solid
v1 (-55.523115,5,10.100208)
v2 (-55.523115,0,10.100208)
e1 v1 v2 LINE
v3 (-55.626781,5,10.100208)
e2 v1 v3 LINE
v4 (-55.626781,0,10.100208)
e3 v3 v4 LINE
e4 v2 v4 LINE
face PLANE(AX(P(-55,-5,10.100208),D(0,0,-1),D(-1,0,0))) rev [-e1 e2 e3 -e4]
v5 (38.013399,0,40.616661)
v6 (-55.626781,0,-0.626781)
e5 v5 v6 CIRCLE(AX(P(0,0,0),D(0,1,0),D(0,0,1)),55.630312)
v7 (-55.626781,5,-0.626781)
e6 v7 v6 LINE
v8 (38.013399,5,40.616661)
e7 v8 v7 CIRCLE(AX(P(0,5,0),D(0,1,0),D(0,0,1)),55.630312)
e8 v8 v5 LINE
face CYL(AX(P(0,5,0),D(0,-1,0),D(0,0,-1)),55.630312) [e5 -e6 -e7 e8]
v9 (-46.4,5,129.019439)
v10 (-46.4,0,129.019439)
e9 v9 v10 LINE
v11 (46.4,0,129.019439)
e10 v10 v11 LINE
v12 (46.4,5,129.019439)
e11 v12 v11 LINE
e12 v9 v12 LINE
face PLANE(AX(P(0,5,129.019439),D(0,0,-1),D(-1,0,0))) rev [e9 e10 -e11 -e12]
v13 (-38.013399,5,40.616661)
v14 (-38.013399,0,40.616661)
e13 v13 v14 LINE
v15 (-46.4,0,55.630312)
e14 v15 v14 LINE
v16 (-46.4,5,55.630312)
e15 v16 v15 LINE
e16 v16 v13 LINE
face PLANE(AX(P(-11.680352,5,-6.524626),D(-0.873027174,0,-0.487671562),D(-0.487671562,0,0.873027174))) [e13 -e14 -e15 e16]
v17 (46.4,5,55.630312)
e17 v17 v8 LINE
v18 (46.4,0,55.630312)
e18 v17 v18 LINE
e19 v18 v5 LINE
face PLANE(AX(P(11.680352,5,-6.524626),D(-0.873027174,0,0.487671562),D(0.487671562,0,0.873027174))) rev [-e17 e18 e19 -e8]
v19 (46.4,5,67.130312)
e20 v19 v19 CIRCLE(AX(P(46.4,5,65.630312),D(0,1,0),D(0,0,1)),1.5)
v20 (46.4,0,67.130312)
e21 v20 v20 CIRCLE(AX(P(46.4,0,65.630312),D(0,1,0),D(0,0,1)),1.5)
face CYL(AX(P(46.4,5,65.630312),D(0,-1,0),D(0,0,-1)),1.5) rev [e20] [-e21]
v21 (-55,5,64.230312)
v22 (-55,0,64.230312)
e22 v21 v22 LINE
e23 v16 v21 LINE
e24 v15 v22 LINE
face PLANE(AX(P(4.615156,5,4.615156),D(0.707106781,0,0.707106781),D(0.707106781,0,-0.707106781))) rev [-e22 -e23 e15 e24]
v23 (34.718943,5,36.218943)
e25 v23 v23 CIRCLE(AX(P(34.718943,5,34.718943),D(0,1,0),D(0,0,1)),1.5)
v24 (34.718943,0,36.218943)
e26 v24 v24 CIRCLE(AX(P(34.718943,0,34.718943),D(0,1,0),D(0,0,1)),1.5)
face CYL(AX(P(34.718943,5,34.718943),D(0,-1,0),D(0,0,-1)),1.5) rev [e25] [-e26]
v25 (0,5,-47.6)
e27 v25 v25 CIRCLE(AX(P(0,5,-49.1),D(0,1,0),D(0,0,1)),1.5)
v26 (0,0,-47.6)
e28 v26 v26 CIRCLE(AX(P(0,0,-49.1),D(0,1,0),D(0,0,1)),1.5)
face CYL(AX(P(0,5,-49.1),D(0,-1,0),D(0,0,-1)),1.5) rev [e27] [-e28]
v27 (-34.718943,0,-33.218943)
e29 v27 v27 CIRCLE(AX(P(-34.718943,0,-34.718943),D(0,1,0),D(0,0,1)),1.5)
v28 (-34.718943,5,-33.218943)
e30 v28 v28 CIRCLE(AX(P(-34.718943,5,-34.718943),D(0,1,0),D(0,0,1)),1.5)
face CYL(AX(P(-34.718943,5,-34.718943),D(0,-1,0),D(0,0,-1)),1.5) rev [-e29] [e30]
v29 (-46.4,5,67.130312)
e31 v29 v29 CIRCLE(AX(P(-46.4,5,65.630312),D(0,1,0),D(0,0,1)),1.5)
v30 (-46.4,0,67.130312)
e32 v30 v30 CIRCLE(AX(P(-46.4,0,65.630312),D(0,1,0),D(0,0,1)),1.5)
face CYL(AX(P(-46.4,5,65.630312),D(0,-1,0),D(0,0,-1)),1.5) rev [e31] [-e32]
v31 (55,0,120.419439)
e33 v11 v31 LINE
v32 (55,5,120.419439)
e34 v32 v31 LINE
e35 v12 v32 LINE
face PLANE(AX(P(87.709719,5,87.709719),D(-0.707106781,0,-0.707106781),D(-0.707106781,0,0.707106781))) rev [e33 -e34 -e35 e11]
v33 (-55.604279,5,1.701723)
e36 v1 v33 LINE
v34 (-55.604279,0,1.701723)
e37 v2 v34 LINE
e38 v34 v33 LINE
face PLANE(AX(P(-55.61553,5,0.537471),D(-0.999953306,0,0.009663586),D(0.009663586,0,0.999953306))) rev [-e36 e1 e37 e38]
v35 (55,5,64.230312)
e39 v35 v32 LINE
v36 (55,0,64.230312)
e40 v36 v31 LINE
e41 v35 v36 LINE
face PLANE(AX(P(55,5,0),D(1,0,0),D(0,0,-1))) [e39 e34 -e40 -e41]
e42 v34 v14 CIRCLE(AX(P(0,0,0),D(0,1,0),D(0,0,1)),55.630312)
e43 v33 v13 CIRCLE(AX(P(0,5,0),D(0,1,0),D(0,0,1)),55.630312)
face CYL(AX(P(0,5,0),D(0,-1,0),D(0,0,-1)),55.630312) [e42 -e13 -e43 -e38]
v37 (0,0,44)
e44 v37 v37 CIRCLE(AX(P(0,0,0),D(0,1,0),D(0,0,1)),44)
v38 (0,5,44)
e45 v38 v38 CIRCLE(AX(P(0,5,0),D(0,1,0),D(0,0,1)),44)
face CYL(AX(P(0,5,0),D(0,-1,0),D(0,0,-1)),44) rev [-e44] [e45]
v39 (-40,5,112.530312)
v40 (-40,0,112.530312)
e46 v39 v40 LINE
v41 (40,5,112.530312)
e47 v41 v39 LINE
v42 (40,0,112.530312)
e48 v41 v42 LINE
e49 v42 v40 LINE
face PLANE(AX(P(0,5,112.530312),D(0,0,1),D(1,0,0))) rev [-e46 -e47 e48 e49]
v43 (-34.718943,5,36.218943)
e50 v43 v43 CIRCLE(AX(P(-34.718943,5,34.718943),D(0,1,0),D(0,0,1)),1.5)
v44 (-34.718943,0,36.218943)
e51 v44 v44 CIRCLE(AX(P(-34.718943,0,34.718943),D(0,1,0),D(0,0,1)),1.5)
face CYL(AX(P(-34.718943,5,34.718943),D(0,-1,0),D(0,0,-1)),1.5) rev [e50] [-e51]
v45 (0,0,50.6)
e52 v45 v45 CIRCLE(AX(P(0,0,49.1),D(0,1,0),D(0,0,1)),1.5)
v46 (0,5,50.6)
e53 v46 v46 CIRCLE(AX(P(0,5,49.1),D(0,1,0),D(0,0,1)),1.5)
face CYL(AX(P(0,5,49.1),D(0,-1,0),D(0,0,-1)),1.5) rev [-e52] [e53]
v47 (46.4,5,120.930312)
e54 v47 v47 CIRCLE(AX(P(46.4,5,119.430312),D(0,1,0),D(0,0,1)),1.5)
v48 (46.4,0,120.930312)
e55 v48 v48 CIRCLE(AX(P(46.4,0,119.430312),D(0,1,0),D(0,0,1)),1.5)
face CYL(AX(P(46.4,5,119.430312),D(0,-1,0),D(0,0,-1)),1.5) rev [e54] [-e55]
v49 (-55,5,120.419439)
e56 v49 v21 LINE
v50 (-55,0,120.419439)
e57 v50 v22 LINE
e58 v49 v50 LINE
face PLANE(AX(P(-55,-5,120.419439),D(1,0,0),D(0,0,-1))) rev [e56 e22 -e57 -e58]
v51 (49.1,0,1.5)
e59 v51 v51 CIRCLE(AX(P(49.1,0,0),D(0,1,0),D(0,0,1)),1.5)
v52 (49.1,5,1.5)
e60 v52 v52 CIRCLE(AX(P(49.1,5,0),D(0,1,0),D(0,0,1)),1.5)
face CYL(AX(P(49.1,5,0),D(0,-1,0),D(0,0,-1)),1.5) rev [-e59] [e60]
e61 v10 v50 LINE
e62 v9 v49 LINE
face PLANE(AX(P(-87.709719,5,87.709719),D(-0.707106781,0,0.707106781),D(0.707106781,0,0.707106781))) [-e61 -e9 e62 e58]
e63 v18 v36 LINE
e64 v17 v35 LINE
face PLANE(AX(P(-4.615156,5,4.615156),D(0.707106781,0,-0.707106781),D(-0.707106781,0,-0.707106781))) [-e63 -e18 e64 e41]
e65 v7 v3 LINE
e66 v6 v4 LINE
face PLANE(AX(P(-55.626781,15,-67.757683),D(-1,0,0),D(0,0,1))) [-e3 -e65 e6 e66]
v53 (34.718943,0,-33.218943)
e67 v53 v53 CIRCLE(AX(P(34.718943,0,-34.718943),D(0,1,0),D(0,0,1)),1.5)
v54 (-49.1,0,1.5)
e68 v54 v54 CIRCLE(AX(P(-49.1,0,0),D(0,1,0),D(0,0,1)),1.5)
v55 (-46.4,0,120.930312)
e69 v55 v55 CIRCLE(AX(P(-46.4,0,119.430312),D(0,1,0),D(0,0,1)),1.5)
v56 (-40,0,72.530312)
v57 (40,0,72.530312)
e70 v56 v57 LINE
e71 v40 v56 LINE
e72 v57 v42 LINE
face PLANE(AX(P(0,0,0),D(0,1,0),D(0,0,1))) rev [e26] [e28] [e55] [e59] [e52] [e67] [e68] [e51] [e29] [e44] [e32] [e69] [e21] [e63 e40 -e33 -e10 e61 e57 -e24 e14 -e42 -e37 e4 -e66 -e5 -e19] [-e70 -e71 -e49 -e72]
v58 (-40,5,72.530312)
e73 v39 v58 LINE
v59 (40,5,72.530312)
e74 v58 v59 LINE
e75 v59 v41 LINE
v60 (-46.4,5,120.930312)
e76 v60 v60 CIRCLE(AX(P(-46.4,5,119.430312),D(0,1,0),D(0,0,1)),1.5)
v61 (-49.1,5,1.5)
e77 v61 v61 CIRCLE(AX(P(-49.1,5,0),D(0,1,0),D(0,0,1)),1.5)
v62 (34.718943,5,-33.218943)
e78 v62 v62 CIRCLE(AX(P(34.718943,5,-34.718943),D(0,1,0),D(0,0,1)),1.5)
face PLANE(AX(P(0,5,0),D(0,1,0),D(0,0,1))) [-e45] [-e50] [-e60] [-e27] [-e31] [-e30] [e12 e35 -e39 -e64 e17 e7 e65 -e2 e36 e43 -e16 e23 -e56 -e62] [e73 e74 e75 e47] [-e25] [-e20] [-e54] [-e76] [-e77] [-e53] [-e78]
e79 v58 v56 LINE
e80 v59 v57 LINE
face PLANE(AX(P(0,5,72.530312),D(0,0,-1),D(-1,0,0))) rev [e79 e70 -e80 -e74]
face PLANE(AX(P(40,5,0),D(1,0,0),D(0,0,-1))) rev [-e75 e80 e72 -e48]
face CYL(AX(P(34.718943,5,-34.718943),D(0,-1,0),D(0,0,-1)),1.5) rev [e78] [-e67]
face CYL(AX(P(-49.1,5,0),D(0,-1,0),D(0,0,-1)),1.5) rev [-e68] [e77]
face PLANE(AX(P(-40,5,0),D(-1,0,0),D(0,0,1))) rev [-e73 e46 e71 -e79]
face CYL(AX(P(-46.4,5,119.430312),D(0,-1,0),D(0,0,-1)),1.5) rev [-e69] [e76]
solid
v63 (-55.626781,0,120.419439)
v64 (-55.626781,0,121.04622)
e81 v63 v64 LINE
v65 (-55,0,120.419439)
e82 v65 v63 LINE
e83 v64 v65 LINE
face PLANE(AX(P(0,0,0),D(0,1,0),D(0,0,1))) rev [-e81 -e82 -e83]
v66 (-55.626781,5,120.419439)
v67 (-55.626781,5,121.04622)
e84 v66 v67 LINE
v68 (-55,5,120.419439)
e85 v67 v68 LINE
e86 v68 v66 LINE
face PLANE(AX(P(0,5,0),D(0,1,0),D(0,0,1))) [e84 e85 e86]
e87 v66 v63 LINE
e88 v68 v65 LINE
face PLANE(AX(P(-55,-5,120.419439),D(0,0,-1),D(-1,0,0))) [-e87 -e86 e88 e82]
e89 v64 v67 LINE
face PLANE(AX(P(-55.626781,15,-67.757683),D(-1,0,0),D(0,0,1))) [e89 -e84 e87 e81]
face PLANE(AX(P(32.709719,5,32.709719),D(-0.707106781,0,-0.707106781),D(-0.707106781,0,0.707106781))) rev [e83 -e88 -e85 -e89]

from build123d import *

# Parameters (mm, degrees)
SKETCH_1_R               = 1.5
SKETCH_1_W               = 80
SKETCH_1_H               = 40
SKETCH_1_R_2             = 44
EXTRUDE_1_DEPTH          = 5
SKETCH_3_R               = 1.5
EXTRUDE_2_DEPTH          = 5
SKETCH_3_5_R             = 30
SKETCH_3_5_R_2           = 25
EXTRUDE_3_DEPTH          = 15
CUT_EXTRUDE_1_DEPTH      = 10
CUT_EXTRUDE_1_DEPTH_BACK = 10
SKETCH_4_W               = 124.485015382
SKETCH_4_H               = 203.768364002
SKETCH_5_W               = 73.623406186
SKETCH_5_H               = 110.319230846
CUT_EXTRUDE_2_DEPTH      = 10


with BuildPart() as part:
    # 草图1 → 凸台-拉伸1 (new body)
    with BuildSketch(Plane(origin=(0, 0, 0), x_dir=(1, 0, 0), z_dir=(0, 1, 0))):
        with BuildLine():
            Line((55, -64.230312435), (46.4, -55.630312435))
            Line((46.4, -55.630312435), (38.013398823, -40.616661254))
            ThreePointArc((38.013398823, -40.616661254), (0, 55.630312435), (-38.013398823, -40.616661254))
            Line((-38.013398823, -40.616661254), (-46.4, -55.630312435))
            Line((-46.4, -55.630312435), (-55, -64.230312435))
            Line((-55, -64.230312435), (-55, -120.419438856))
            Line((-55, -120.419438856), (-46.4, -129.019438856))
            Line((-46.4, -129.019438856), (46.4, -129.019438856))
            Line((46.4, -129.019438856), (55, -120.419438856))
            Line((55, -120.419438856), (55, -64.230312435))
        make_face()
        with Locations((-46.4, -65.630312435)):
            Circle(SKETCH_1_R, mode=Mode.SUBTRACT)
        with Locations((-46.4, -119.430312435)):
            Circle(SKETCH_1_R, mode=Mode.SUBTRACT)
        with Locations((46.4, -119.430312435)):
            Circle(SKETCH_1_R, mode=Mode.SUBTRACT)
        with Locations((46.4, -65.630312435)):
            Circle(SKETCH_1_R, mode=Mode.SUBTRACT)
        with Locations((0, -92.530312435)):
            Rectangle(SKETCH_1_W, SKETCH_1_H, mode=Mode.SUBTRACT)
        with Locations((34.718942956, 34.718942956)):
            Circle(SKETCH_1_R, mode=Mode.SUBTRACT)
        with Locations((0, -49.1)):
            Circle(SKETCH_1_R, mode=Mode.SUBTRACT)
        with Locations((-34.718942956, -34.718942956)):
            Circle(SKETCH_1_R, mode=Mode.SUBTRACT)
        with Locations((-49.1, 0)):
            Circle(SKETCH_1_R, mode=Mode.SUBTRACT)
        with Locations((-34.718942956, 34.718942956)):
            Circle(SKETCH_1_R, mode=Mode.SUBTRACT)
        Circle(SKETCH_1_R_2, mode=Mode.SUBTRACT)
        with Locations((34.718942956, -34.718942956)):
            Circle(SKETCH_1_R, mode=Mode.SUBTRACT)
        with Locations((49.1, 0)):
            Circle(SKETCH_1_R, mode=Mode.SUBTRACT)
        with Locations((0, 49.1)):
            Circle(SKETCH_1_R, mode=Mode.SUBTRACT)
    extrude(amount=EXTRUDE_1_DEPTH)

    # 草图3 → 凸台-拉伸2 (add)
    with BuildSketch(Plane(origin=(0, 0, 0), x_dir=(1, 0, 0), z_dir=(0, 1, 0))):
        Polygon((-55, -120.419438856), (-55, -64.230312435), (-55.62678138, 0.62678138), (-55.62678138, 59.784464423), (-63.6, 67.757683044), (-123.6, 67.757683044), (-132.2, 59.157683044), (-132.2, -120.419438856), (-123.6, -129.019438856), (-63.6, -129.019438856), align=None)
        with Locations((-123.6, -120.419438856)):
            Circle(SKETCH_3_R, mode=Mode.SUBTRACT)
        with Locations((-63.6, -120.419438856)):
            Circle(SKETCH_3_R, mode=Mode.SUBTRACT)
        with Locations((-123.6, 59.157683044)):
            Circle(SKETCH_3_R, mode=Mode.SUBTRACT)
        with Locations((-63.6, 59.784464423)):
            Circle(SKETCH_3_R, mode=Mode.SUBTRACT)
    extrude(amount=EXTRUDE_2_DEPTH)

    # 草图3<5> → 凸台-拉伸3 (add)
    # profile 1 of 3: a face of its own
    with BuildSketch(Plane(origin=(0, 0, 0), x_dir=(1, 0, 0), z_dir=(0, 1, 0))):
        with Locations((-93.6, -94.019438856)):
            Circle(SKETCH_3_5_R)
        with Locations((-93.6, -94.019438856)):
            Circle(SKETCH_3_5_R_2, mode=Mode.SUBTRACT)
    # profile 2 of 3: a face of its own
    with BuildSketch(Plane(origin=(0, 0, 0), x_dir=(1, 0, 0), z_dir=(0, 1, 0))):
        with Locations((-93.6, -31.152726962)):
            Circle(SKETCH_3_5_R)
        with Locations((-93.6, -31.152726962)):
            Circle(SKETCH_3_5_R_2, mode=Mode.SUBTRACT)
    # profile 3 of 3: a face of its own
    with BuildSketch(Plane(origin=(0, 0, 0), x_dir=(1, 0, 0), z_dir=(0, 1, 0))):
        with Locations((-93.6, 32.408258162)):
            Circle(SKETCH_3_5_R)
        with Locations((-93.6, 32.408258162)):
            Circle(SKETCH_3_5_R_2, mode=Mode.SUBTRACT)
    extrude(amount=EXTRUDE_3_DEPTH)

    # 草图4 → 切除-拉伸1 (cut, two sides: drawn at the far end of the back side and taken through both)
    with BuildSketch(Plane(origin=(0, 5, 0), x_dir=(1, 0, 0), z_dir=(0, 1, 0)).offset(-CUT_EXTRUDE_1_DEPTH_BACK)):
        with Locations((-117.869289071, -34.126498957)):
            Rectangle(SKETCH_4_W, SKETCH_4_H)
    extrude(amount=CUT_EXTRUDE_1_DEPTH + CUT_EXTRUDE_1_DEPTH_BACK, mode=Mode.SUBTRACT)

    # 草图5 → 切除-拉伸2 (cut)
    with BuildSketch(Plane(origin=(0, 5, 0), x_dir=(1, 0, 0), z_dir=(0, 1, 0))):
        with Locations((-91.811703093, -65.259823433)):
            Rectangle(SKETCH_5_W, SKETCH_5_H)
    extrude(amount=-CUT_EXTRUDE_2_DEPTH, mode=Mode.SUBTRACT)


with BuildPart() as cut_extrude_2_piece_1:
    # of the separate pieces the step leaves, piece 1, a body of its own (cut_extrude_2_pieces)
    add(part.part.solids().sort_by_distance((55, 0, 120.419438856))[0])


with BuildPart() as cut_extrude_2_piece_2:
    # of the separate pieces the step leaves, piece 2, a body of its own (cut_extrude_2_pieces)
    add(part.part.solids().sort_by_distance((-55.62678138, 0, 121.046220236))[0])


solid = Compound([cut_extrude_2_piece_1.part, cut_extrude_2_piece_2.part])
